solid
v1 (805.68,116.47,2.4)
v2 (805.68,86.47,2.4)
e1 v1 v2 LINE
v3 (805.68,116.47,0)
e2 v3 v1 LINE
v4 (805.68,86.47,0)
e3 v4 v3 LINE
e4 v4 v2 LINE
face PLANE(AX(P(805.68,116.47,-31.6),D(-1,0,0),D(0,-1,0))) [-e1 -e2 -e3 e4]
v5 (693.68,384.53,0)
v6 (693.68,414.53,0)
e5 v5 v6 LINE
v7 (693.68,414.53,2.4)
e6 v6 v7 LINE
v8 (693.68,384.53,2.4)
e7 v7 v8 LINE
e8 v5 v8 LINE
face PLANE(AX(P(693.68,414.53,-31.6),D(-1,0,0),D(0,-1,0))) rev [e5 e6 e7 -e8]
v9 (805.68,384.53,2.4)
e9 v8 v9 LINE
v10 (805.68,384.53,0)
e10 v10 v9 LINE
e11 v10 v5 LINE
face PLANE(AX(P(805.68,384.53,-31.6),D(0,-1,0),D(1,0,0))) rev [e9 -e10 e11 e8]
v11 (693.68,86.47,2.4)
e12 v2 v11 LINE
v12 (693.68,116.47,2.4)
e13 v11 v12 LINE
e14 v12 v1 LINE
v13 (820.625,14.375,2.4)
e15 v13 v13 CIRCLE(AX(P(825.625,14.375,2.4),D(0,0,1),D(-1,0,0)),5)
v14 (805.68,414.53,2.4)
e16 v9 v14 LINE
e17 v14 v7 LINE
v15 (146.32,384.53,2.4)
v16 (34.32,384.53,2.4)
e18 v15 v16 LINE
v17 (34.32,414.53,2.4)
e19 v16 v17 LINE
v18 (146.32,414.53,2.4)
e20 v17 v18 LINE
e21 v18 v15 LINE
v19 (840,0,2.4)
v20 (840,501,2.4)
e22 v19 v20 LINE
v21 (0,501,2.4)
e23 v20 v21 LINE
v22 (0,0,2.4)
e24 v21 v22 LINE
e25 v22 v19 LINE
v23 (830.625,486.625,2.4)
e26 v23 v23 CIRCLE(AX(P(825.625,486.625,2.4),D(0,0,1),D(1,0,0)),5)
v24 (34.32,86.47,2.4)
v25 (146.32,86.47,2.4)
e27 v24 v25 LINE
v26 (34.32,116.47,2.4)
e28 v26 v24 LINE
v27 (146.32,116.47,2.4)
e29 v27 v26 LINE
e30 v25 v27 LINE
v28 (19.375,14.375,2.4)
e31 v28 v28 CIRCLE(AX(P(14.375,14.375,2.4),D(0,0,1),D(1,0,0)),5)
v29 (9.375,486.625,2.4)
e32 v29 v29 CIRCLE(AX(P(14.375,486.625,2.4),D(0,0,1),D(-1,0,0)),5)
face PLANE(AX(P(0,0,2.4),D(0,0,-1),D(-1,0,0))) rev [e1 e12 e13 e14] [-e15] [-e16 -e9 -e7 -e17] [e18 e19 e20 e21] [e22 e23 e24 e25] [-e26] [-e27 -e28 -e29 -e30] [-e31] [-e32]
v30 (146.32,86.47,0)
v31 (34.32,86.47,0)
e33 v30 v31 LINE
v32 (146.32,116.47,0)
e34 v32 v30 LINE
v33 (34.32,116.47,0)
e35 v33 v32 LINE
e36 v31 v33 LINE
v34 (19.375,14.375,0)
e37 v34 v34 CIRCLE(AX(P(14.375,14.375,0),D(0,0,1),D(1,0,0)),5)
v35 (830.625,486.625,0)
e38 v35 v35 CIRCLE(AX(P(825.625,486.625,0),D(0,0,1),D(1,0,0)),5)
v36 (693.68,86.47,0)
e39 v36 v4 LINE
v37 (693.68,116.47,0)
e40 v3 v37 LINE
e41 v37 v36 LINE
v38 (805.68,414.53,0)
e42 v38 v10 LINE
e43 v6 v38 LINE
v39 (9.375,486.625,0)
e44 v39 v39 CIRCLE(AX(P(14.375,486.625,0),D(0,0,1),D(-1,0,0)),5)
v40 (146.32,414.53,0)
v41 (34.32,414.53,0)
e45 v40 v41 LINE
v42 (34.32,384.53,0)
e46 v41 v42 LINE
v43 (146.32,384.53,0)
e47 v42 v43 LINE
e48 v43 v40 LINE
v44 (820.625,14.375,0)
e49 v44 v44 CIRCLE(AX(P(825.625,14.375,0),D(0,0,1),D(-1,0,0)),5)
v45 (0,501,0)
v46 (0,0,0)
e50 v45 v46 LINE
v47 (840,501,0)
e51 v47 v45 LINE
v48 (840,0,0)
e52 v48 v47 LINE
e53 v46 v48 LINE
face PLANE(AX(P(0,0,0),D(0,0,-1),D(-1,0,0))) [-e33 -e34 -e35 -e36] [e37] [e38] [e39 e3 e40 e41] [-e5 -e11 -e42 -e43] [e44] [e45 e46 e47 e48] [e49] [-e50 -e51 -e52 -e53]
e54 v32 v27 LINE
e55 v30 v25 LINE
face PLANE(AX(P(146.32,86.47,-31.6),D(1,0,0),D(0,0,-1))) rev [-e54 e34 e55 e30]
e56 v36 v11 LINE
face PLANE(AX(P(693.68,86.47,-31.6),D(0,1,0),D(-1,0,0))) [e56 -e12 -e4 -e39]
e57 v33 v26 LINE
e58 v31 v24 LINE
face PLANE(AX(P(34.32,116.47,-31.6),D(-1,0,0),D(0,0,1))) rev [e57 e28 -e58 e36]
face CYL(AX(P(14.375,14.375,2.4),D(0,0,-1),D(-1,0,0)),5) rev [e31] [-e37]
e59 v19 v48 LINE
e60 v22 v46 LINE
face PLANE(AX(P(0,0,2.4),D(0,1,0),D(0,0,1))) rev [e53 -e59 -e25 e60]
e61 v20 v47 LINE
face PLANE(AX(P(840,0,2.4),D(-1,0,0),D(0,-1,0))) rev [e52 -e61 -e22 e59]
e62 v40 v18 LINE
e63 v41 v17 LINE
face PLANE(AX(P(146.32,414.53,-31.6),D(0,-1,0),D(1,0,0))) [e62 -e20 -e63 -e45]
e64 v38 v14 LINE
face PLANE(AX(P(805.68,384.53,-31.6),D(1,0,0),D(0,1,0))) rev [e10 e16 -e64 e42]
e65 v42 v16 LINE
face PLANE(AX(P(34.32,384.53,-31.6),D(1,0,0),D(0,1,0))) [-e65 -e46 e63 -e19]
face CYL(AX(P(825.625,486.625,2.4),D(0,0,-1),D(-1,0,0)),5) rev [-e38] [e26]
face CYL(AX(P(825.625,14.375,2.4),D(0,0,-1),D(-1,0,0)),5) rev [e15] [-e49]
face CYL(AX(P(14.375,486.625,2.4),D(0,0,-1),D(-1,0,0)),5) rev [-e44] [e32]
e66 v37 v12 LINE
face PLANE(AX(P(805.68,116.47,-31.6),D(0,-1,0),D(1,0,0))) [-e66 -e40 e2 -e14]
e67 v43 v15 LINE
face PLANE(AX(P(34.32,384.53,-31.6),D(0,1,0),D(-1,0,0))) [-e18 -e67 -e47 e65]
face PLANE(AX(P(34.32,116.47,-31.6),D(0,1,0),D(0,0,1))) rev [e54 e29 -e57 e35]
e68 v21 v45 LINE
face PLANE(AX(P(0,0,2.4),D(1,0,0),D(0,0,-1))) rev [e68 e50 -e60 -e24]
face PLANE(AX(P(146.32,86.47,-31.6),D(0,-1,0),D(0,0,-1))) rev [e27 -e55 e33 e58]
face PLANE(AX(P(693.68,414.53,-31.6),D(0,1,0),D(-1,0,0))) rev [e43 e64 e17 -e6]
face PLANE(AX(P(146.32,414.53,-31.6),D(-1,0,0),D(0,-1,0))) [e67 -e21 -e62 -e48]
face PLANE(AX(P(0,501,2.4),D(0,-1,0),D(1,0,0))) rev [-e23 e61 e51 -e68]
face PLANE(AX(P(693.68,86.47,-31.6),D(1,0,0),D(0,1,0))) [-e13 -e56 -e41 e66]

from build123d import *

# Parameters (mm, degrees)
SKETCH1_W               = 840
SKETCH1_H               = 501
SKETCH1_R               = 5
BOSS_EXTRUDE1_DEPTH     = 2.4
SKETCH2_W               = 112
SKETCH2_H               = 30
CUT_EXTRUDE1_DEPTH      = 34
MIRROR2_COPY_1_SKETCH_W = 112
MIRROR2_COPY_1_SKETCH_H = 30
MIRROR2_COPY_1_DEPTH    = 34


with BuildPart() as part:
    # Sketch1 → Boss-Extrude1 (new body)
    with BuildSketch(Plane.XY):
        with Locations((420, 250.5)):
            Rectangle(SKETCH1_W, SKETCH1_H)
        with Locations((825.625, 486.625)):
            Circle(SKETCH1_R, mode=Mode.SUBTRACT)
        with Locations((14.375, 14.375)):
            Circle(SKETCH1_R, mode=Mode.SUBTRACT)
        with Locations((14.375, 486.625)):
            Circle(SKETCH1_R, mode=Mode.SUBTRACT)
        with Locations((825.625, 14.375)):
            Circle(SKETCH1_R, mode=Mode.SUBTRACT)
    extrude(amount=BOSS_EXTRUDE1_DEPTH)

    # Sketch2 → Cut-Extrude1 (cut)
    with BuildSketch(Plane.XY.offset(2.4)):
        with Locations((90.32, 101.47)):
            Rectangle(SKETCH2_W, SKETCH2_H)
    cut_extrude1 = extrude(amount=-CUT_EXTRUDE1_DEPTH, mode=Mode.SUBTRACT)

    # Mirror1: Cut-Extrude1 across plane
    add(cut_extrude1.mirror(Plane(origin=(420, 0, 0), x_dir=(0, 0, 1), z_dir=(1, 0, 0))), mode=Mode.SUBTRACT)

    # Mirror2: Cut-Extrude1 across plane
    add(cut_extrude1.mirror(Plane(origin=(0, 250.5, 0), x_dir=(0, 0, 1), z_dir=(0, -1, 0))), mode=Mode.SUBTRACT)

    # Mirror2 copy 1 sketch → Mirror2 copy 1 (cut)
    with BuildSketch(Plane(origin=(840, 501, 2.4), x_dir=(-1, 0, 0), z_dir=(0, 0, 1))):
        with Locations((90.32, 101.47)):
            Rectangle(MIRROR2_COPY_1_SKETCH_W, MIRROR2_COPY_1_SKETCH_H)
    extrude(amount=-MIRROR2_COPY_1_DEPTH, mode=Mode.SUBTRACT)


solid = part.part
